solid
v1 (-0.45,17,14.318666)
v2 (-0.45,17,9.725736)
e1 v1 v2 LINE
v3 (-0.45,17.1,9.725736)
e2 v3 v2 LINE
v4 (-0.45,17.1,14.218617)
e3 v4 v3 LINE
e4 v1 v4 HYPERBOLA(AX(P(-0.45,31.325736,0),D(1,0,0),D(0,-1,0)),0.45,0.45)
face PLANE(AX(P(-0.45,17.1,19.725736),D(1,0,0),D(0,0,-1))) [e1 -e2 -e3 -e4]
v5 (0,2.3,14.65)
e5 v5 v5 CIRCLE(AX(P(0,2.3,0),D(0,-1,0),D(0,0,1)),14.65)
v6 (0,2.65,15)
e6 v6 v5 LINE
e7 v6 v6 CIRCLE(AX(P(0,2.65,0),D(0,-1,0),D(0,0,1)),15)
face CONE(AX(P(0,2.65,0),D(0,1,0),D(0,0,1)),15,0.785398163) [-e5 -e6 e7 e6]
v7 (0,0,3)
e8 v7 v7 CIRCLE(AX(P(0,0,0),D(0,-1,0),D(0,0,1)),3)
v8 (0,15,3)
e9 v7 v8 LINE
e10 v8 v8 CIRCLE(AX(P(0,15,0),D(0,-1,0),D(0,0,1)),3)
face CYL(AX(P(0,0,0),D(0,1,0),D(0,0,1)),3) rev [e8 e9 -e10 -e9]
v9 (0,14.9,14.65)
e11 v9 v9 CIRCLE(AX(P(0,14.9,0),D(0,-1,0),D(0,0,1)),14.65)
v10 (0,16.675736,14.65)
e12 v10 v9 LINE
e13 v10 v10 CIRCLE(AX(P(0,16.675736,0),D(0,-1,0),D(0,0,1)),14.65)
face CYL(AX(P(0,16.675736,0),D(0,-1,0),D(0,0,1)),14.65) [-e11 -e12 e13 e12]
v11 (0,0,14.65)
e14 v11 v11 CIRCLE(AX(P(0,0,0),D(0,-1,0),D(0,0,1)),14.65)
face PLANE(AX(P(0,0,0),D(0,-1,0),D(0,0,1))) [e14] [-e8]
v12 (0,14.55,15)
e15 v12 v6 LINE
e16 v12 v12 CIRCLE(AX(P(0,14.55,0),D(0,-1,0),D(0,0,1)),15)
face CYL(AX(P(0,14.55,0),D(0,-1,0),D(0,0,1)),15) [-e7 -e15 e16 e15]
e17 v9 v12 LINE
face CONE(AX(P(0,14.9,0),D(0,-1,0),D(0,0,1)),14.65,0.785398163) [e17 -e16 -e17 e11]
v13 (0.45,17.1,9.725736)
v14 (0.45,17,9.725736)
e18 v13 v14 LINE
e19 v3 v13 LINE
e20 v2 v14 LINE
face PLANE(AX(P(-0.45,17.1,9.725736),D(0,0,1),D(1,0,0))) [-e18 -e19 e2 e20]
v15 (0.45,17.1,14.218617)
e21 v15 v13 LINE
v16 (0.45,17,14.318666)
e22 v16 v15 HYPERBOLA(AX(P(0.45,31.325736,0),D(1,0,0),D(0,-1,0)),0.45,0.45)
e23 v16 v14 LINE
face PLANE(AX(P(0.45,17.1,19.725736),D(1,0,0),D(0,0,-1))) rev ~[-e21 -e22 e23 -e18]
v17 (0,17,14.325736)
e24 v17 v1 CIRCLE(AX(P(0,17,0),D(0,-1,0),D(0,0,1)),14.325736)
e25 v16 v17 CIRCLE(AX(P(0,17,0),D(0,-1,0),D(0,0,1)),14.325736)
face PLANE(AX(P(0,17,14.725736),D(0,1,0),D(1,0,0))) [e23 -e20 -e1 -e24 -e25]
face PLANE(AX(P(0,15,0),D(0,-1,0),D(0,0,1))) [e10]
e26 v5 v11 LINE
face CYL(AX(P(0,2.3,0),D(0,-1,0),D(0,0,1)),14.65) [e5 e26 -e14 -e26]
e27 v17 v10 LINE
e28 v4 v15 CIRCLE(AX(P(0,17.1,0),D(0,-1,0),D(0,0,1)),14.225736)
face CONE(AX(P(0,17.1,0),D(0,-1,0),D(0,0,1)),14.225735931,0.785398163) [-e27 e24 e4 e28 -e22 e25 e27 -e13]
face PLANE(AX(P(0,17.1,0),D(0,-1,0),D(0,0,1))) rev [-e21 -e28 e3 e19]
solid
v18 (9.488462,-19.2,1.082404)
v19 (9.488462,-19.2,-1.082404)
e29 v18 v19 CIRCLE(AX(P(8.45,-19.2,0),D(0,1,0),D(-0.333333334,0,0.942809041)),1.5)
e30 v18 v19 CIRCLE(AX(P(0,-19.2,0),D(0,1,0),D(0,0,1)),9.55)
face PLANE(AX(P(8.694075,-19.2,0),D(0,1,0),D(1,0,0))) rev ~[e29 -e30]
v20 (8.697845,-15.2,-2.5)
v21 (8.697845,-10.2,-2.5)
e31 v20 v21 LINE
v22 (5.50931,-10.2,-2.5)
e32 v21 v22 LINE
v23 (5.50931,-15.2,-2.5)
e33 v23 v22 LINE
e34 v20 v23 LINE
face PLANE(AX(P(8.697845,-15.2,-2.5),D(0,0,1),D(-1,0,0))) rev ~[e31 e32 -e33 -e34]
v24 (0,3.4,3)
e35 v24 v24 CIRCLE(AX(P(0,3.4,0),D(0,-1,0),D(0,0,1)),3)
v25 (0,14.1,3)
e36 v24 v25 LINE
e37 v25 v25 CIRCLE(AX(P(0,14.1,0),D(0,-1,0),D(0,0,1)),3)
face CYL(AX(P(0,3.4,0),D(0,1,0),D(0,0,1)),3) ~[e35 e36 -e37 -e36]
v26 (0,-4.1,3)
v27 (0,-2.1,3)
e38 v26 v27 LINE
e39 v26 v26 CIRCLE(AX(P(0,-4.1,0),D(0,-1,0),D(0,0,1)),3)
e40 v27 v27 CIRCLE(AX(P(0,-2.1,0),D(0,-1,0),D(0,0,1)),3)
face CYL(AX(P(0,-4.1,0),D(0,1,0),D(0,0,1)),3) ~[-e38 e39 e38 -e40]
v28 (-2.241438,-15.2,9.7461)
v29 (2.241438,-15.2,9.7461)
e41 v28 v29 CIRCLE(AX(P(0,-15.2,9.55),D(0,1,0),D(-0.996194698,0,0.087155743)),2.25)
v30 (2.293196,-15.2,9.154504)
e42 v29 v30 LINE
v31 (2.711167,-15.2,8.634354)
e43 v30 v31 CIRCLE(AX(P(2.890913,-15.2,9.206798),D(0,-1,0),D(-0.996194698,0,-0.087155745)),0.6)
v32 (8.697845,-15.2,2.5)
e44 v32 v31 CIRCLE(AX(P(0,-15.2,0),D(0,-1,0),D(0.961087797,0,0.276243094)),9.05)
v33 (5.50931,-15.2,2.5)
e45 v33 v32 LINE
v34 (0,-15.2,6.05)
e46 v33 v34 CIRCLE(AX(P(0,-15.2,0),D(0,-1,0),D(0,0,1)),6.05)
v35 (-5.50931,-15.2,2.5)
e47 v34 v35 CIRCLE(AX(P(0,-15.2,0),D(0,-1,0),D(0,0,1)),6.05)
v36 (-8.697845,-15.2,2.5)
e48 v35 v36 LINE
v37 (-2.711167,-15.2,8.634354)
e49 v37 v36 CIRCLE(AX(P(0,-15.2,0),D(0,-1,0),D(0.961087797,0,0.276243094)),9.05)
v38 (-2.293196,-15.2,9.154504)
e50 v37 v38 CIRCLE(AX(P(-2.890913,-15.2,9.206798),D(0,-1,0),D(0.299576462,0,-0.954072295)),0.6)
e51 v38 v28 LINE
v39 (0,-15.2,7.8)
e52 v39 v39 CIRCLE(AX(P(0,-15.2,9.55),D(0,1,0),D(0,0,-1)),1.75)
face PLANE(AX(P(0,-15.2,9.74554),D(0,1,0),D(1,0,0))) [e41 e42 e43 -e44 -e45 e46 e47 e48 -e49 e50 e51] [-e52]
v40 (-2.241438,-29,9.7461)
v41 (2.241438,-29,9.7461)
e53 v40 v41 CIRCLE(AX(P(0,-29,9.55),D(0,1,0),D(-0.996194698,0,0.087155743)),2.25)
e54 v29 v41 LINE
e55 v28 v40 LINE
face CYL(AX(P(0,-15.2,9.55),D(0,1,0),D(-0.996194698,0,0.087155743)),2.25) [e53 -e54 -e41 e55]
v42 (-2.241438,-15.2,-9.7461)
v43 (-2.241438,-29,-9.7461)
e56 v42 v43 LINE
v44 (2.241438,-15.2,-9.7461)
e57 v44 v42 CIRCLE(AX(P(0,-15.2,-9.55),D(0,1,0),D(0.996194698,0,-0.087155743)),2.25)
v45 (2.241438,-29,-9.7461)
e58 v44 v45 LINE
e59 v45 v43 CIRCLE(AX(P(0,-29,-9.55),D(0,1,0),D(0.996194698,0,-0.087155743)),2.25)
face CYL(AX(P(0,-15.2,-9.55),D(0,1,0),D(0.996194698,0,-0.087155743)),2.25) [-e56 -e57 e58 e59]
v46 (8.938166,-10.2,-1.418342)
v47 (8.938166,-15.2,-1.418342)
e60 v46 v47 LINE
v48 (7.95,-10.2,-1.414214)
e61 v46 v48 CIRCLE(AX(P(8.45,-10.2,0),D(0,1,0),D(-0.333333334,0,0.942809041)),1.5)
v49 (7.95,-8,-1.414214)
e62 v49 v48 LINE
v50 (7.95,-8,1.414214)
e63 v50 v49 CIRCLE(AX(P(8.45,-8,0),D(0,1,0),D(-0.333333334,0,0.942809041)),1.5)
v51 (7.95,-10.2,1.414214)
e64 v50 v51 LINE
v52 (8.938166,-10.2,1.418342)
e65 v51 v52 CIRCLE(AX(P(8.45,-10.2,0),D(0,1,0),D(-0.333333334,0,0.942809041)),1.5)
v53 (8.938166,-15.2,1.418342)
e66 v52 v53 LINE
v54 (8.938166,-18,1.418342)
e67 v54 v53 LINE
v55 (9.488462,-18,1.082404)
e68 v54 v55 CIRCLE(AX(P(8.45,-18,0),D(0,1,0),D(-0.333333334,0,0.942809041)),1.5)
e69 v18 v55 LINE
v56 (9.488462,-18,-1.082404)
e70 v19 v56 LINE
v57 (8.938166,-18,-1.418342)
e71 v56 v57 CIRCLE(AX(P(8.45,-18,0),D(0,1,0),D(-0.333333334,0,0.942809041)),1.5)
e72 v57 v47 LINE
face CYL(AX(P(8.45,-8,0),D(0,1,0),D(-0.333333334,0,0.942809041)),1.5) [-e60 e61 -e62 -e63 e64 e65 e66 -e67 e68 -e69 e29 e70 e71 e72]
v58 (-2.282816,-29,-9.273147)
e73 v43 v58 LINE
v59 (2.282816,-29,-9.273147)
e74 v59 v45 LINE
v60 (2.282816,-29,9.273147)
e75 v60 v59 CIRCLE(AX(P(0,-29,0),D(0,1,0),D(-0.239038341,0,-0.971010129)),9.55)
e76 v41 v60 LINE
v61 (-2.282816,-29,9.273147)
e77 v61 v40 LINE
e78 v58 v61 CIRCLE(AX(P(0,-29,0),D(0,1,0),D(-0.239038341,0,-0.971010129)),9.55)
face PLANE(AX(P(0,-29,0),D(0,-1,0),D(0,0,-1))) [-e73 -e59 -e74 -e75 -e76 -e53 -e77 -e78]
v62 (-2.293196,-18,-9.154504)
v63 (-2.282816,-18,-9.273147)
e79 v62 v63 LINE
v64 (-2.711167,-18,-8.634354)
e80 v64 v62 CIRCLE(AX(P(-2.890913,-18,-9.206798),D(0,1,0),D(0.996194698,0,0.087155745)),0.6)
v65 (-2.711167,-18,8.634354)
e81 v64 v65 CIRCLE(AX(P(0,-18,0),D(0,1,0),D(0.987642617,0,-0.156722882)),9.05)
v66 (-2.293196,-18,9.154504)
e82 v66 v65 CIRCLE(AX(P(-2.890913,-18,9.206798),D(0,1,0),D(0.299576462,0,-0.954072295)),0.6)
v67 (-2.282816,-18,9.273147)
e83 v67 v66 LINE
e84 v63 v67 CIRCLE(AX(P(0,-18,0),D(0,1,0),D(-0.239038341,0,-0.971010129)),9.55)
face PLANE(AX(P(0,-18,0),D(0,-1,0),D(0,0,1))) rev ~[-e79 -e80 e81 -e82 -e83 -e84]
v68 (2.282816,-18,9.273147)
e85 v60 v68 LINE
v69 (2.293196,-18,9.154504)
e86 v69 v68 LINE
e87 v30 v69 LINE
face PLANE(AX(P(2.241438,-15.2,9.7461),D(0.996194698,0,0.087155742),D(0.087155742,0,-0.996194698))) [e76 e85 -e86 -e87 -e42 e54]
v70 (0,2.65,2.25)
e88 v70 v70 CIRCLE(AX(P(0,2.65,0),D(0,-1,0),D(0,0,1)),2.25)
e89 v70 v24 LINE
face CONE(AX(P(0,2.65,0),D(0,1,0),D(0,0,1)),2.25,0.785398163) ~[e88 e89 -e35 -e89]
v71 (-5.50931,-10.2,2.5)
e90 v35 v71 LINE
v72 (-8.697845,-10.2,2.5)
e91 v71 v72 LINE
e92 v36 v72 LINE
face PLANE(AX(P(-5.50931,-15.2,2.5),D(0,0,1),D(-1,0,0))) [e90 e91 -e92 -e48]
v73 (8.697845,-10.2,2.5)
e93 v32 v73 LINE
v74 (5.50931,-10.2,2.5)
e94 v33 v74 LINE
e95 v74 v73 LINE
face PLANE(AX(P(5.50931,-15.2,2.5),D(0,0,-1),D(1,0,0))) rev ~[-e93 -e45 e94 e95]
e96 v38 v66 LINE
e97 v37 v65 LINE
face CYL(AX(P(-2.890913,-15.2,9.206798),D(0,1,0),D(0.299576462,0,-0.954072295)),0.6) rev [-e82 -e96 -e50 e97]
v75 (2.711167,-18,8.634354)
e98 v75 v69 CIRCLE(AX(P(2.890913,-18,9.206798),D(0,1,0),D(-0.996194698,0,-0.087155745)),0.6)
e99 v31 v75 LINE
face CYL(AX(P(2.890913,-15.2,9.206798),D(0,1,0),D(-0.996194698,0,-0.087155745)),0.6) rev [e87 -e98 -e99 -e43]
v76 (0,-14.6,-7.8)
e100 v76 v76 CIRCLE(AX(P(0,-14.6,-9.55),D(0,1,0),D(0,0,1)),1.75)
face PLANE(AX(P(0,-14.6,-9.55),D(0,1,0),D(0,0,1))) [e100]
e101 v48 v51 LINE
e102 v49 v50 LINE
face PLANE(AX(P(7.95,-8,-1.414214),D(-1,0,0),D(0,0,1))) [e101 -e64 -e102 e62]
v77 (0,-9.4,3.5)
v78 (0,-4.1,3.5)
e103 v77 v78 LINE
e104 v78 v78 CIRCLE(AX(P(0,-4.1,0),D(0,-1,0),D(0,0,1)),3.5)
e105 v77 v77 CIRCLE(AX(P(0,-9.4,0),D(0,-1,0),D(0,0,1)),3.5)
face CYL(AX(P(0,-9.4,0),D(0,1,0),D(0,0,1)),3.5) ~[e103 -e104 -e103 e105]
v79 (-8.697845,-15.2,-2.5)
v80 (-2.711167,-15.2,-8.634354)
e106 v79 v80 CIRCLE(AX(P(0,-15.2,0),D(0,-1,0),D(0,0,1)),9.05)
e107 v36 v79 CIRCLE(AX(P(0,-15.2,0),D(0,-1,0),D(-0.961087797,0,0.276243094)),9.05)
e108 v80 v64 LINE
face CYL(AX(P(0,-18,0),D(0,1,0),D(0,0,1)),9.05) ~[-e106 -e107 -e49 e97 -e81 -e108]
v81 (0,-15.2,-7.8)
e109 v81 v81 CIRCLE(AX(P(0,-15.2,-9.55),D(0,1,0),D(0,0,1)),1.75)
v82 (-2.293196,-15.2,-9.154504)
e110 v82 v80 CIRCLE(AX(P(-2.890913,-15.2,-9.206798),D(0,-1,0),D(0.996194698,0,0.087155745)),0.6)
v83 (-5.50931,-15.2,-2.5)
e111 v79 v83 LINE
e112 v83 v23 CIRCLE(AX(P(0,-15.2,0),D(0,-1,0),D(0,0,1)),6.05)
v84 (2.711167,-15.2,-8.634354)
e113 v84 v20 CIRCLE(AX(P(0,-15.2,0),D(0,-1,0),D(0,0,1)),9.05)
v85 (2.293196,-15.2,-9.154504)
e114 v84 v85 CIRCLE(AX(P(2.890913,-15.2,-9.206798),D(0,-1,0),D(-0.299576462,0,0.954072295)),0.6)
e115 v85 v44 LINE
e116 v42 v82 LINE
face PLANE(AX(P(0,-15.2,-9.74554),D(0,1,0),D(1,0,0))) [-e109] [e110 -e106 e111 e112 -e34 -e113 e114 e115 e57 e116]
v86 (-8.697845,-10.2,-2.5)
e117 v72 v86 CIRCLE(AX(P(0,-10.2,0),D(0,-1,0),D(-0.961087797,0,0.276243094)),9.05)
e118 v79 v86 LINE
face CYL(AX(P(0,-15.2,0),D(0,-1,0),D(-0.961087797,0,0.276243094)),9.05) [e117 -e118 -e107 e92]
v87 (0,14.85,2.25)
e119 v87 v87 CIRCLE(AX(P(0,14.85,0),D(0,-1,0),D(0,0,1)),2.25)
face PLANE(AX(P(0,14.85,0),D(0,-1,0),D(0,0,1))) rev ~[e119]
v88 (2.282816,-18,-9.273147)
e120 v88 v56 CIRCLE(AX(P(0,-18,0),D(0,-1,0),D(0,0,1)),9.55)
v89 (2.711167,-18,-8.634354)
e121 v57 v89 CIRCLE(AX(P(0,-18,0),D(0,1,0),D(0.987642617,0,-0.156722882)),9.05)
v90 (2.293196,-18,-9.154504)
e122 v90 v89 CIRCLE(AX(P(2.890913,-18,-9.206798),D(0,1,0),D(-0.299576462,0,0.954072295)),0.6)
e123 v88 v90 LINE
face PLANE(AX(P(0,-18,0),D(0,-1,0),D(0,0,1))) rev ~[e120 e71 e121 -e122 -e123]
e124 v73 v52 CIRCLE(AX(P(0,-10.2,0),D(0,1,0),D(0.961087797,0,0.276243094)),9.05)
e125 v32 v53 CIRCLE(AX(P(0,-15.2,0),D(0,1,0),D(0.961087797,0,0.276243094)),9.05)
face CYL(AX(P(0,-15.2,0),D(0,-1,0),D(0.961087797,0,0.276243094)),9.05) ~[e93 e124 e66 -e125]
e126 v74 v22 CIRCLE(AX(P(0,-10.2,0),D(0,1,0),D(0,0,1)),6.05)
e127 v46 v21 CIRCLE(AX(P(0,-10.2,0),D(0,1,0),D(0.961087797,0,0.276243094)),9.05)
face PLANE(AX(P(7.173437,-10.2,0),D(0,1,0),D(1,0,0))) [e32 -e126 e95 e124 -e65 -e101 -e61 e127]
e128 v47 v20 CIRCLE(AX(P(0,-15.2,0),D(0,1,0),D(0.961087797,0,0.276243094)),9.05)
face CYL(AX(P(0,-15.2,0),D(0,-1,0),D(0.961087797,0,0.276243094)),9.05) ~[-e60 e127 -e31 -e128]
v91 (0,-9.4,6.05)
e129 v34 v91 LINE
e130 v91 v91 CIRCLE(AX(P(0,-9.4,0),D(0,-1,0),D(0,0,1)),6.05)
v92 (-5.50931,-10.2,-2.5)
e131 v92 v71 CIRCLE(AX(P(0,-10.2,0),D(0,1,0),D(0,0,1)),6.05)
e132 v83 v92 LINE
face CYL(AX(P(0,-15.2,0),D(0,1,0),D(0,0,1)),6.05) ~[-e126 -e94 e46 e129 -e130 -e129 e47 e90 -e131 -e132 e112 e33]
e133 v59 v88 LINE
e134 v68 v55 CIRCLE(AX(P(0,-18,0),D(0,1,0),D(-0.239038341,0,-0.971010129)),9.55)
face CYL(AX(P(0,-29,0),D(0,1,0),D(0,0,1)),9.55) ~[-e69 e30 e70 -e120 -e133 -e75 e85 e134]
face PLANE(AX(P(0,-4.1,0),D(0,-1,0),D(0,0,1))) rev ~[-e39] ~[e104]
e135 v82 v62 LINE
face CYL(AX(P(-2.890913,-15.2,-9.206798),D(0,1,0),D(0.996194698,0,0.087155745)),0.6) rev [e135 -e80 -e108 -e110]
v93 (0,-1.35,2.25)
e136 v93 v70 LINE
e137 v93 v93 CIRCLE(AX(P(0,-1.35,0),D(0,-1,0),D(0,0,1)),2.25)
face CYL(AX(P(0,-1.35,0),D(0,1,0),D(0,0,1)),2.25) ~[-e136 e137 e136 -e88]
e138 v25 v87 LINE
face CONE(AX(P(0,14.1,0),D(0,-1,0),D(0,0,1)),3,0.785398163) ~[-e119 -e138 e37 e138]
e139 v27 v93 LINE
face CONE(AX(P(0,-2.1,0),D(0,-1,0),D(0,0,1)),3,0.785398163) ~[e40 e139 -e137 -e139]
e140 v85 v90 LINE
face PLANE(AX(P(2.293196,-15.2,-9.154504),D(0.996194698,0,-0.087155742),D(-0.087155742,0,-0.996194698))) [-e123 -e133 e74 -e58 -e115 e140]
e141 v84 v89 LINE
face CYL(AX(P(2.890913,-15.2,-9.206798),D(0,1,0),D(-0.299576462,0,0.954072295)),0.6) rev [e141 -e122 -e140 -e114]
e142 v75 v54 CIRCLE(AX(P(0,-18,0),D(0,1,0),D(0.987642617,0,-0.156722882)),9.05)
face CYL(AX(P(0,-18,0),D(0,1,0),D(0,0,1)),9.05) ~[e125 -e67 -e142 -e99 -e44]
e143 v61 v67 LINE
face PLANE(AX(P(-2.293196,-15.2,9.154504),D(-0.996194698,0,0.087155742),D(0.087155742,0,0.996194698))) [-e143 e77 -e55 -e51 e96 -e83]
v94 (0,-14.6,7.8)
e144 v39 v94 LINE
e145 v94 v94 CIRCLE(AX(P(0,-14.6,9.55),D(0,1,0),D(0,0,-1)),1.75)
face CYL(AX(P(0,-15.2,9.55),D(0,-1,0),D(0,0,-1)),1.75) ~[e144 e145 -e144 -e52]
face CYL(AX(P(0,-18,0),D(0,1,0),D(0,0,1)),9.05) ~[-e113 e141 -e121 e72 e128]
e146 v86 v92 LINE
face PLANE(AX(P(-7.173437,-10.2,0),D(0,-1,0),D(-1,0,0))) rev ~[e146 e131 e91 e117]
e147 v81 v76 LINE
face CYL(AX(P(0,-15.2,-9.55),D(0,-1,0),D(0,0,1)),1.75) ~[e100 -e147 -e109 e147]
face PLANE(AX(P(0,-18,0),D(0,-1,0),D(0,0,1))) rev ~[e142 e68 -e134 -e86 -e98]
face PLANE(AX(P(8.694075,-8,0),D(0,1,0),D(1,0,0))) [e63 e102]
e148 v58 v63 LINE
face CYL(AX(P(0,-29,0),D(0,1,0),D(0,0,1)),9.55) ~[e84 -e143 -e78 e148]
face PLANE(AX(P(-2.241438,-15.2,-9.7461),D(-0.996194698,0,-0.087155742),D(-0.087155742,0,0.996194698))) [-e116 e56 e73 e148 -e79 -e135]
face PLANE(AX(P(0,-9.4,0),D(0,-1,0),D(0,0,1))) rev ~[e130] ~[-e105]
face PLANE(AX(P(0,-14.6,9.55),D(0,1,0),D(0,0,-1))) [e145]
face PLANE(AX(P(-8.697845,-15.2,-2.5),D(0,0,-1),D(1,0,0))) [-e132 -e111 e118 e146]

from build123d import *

# Parameters (mm, degrees)
EXTRUDE_1_DEPTH     = 5
EXTRUDE_START       = 2.2
EXTRUDE_2_DEPTH     = 11.2
EXTRUDE_3_REACH     = 40.643
SKETCH_6_R          = 1.75
EXTRUDE_4_DEPTH     = 0.6
SKETCH_7_W          = 0.9
SKETCH_7_H          = 10
CUT_EXTRUDE_1_DEPTH = 0.1


with BuildPart() as part:
    # 草圖2 → 旋轉1 (revolve)
    with BuildSketch(Plane(origin=(0, 0, 0), x_dir=(0, 0, -1), z_dir=(1, 0, 0)), mode=Mode.PRIVATE) as revolve_1_sk:
        Polygon((0, 15), (0, 17.1), (14.225735931, 17.1), (14.65, 16.675735931), (14.65, 14.9), (15, 14.55), (15, 2.65), (14.65, 2.3), (14.65, 0), (3, 0), (3, 15), align=None)
    revolve(revolve_1_sk.sketch.rotate(Axis((0, 22.612531688, 0), (0, -1, 0)), 180), axis=Axis((0, 22.612531688, 0), (0, -1, 0)))

    # 草圖7 → 除料-伸長1 (cut)
    with BuildSketch(Plane(origin=(0, 17.1, 0), x_dir=(1, 0, 0), z_dir=(0, 1, 0))):
        with Locations((0, -14.725735931)):
            Rectangle(SKETCH_7_W, SKETCH_7_H)
    extrude(amount=-CUT_EXTRUDE_1_DEPTH, mode=Mode.SUBTRACT)


with BuildPart() as body_2:
    # 草圖2<4> → 旋轉2 (revolve)
    with BuildSketch(Plane(origin=(0, 0, 0), x_dir=(0, 0, -1), z_dir=(1, 0, 0)), mode=Mode.PRIVATE) as revolve_2_sk:
        Polygon((3, 3.4), (3, 14.1), (2.25, 14.85), (0, 14.85), (0, -29), (9.55, -29), (9.55, -18), (9.05, -18), (9.05, -15.2), (6.05, -15.2), (6.05, -9.4), (3.5, -9.4), (3.5, -4.1), (3, -4.1), (3, -2.1), (2.25, -1.35), (2.25, 2.65), align=None)
    revolve(revolve_2_sk.sketch.rotate(Axis((0, 22.612531688, 0), (0, -1, 0)), 180), axis=Axis((0, 22.612531688, 0), (0, -1, 0)))

    # 草圖3 → 填料-伸長1 (add)
    with BuildSketch(Plane(origin=(0, -15.2, 0), x_dir=(1, 0, 0), z_dir=(0, 1, 0))):
        with BuildLine():
            Line((8.697844561, 2.5), (5.509310302, 2.5))
            Line((5.509310302, 2.5), (5.509310302, -2.5))
            Line((5.509310302, -2.5), (8.697844561, -2.5))
            ThreePointArc((8.697844561, -2.5), (9.05, 0), (8.697844561, 2.5))
        make_face()
        with BuildLine():
            Line((-5.509310302, 2.5), (-5.509310302, -2.5))
            Line((-5.509310302, -2.5), (-8.697844561, -2.5))
            ThreePointArc((-8.697844561, -2.5), (-9.05, 0), (-8.697844561, 2.5))
            Line((-8.697844561, 2.5), (-5.509310302, 2.5))
        make_face()
    extrude(amount=EXTRUDE_1_DEPTH)

    # 草圖4 → 填料-伸長2 (add)
    with BuildSketch(Plane(origin=(0, -10.2, 0), x_dir=(1, 0, 0), z_dir=(0, 1, 0)).offset(EXTRUDE_START)):
        with BuildLine():
            Line((7.95, 1.414213562), (7.95, -1.414213562))
            ThreePointArc((7.95, -1.414213562), (9.95, 0), (7.95, 1.414213562))
        make_face()
    extrude(amount=-EXTRUDE_2_DEPTH)

    # 填料-伸長3: up to this face of the body (flat: up to its plane)
    extrude_3_end = Plane(body_2.part.faces().sort_by_distance((0, -29, 0))[0])
    # 草圖5 → 填料-伸長3 (add, up to the picked face)
    with BuildSketch(Plane(origin=(0, -15.2, 0), x_dir=(1, 0, 0), z_dir=(0, 1, 0)), mode=Mode.PRIVATE) as extrude_3_sk1:
        with BuildLine():
            Line((-2.241438071, 9.746100421), (-2.293196033, 9.1545042))
            ThreePointArc((-2.293196033, 9.1545042), (-2.423204558, 8.830966631), (-2.711166976, 8.634354268))
            Line((-2.711166976, 8.634354268), (2.711166976, 8.634354268))
            ThreePointArc((2.711166976, 8.634354268), (2.423204558, 8.830966631), (2.293196033, 9.1545042))
            Line((2.293196033, 9.1545042), (2.241438071, 9.746100421))
            ThreePointArc((2.241438071, 9.746100421), (0, 11.8), (-2.241438071, 9.746100421))
        make_face()
    extrude_3_tool1 = split(extrude(extrude_3_sk1.sketch, amount=-EXTRUDE_3_REACH, mode=Mode.PRIVATE), bisect_by=extrude_3_end, keep=Keep.BOTH, mode=Mode.PRIVATE)
    # 草圖5 → 填料-伸長3 (add, up to the picked face)
    with BuildSketch(Plane(origin=(0, -15.2, 0), x_dir=(1, 0, 0), z_dir=(0, 1, 0)), mode=Mode.PRIVATE) as extrude_3_sk2:
        with BuildLine():
            Line((2.241438071, -9.746100421), (2.293196033, -9.1545042))
            ThreePointArc((2.293196033, -9.1545042), (2.423204558, -8.830966631), (2.711166976, -8.634354268))
            Line((2.711166976, -8.634354268), (-2.711166976, -8.634354268))
            ThreePointArc((-2.711166976, -8.634354268), (-2.423204558, -8.830966631), (-2.293196033, -9.1545042))
            Line((-2.293196033, -9.1545042), (-2.241438071, -9.746100421))
            ThreePointArc((-2.241438071, -9.746100421), (0, -11.8), (2.241438071, -9.746100421))
        make_face()
    extrude_3_tool2 = split(extrude(extrude_3_sk2.sketch, amount=-EXTRUDE_3_REACH, mode=Mode.PRIVATE), bisect_by=extrude_3_end, keep=Keep.BOTH, mode=Mode.PRIVATE)
    add(extrude_3_tool1.solids().sort_by(Axis((0, -15.2, -10.004484), (0, -1, 0)))[0])
    add(extrude_3_tool2.solids().sort_by(Axis((0, -15.2, 10.004484), (0, -1, 0)))[0])

    # 草圖6 → 填料-伸長4 (add)
    with BuildSketch(Plane(origin=(0, -15.2, 0), x_dir=(1, 0, 0), z_dir=(0, 1, 0))):
        with Locations(Location((0, 9.55, 0), (0, 0, 270))):
            Circle(SKETCH_6_R)
        with Locations(Location((0, -9.55, 0), (0, 0, 90))):
            Circle(SKETCH_6_R)
    extrude(amount=EXTRUDE_4_DEPTH)


solid = Compound([part.part, body_2.part])
